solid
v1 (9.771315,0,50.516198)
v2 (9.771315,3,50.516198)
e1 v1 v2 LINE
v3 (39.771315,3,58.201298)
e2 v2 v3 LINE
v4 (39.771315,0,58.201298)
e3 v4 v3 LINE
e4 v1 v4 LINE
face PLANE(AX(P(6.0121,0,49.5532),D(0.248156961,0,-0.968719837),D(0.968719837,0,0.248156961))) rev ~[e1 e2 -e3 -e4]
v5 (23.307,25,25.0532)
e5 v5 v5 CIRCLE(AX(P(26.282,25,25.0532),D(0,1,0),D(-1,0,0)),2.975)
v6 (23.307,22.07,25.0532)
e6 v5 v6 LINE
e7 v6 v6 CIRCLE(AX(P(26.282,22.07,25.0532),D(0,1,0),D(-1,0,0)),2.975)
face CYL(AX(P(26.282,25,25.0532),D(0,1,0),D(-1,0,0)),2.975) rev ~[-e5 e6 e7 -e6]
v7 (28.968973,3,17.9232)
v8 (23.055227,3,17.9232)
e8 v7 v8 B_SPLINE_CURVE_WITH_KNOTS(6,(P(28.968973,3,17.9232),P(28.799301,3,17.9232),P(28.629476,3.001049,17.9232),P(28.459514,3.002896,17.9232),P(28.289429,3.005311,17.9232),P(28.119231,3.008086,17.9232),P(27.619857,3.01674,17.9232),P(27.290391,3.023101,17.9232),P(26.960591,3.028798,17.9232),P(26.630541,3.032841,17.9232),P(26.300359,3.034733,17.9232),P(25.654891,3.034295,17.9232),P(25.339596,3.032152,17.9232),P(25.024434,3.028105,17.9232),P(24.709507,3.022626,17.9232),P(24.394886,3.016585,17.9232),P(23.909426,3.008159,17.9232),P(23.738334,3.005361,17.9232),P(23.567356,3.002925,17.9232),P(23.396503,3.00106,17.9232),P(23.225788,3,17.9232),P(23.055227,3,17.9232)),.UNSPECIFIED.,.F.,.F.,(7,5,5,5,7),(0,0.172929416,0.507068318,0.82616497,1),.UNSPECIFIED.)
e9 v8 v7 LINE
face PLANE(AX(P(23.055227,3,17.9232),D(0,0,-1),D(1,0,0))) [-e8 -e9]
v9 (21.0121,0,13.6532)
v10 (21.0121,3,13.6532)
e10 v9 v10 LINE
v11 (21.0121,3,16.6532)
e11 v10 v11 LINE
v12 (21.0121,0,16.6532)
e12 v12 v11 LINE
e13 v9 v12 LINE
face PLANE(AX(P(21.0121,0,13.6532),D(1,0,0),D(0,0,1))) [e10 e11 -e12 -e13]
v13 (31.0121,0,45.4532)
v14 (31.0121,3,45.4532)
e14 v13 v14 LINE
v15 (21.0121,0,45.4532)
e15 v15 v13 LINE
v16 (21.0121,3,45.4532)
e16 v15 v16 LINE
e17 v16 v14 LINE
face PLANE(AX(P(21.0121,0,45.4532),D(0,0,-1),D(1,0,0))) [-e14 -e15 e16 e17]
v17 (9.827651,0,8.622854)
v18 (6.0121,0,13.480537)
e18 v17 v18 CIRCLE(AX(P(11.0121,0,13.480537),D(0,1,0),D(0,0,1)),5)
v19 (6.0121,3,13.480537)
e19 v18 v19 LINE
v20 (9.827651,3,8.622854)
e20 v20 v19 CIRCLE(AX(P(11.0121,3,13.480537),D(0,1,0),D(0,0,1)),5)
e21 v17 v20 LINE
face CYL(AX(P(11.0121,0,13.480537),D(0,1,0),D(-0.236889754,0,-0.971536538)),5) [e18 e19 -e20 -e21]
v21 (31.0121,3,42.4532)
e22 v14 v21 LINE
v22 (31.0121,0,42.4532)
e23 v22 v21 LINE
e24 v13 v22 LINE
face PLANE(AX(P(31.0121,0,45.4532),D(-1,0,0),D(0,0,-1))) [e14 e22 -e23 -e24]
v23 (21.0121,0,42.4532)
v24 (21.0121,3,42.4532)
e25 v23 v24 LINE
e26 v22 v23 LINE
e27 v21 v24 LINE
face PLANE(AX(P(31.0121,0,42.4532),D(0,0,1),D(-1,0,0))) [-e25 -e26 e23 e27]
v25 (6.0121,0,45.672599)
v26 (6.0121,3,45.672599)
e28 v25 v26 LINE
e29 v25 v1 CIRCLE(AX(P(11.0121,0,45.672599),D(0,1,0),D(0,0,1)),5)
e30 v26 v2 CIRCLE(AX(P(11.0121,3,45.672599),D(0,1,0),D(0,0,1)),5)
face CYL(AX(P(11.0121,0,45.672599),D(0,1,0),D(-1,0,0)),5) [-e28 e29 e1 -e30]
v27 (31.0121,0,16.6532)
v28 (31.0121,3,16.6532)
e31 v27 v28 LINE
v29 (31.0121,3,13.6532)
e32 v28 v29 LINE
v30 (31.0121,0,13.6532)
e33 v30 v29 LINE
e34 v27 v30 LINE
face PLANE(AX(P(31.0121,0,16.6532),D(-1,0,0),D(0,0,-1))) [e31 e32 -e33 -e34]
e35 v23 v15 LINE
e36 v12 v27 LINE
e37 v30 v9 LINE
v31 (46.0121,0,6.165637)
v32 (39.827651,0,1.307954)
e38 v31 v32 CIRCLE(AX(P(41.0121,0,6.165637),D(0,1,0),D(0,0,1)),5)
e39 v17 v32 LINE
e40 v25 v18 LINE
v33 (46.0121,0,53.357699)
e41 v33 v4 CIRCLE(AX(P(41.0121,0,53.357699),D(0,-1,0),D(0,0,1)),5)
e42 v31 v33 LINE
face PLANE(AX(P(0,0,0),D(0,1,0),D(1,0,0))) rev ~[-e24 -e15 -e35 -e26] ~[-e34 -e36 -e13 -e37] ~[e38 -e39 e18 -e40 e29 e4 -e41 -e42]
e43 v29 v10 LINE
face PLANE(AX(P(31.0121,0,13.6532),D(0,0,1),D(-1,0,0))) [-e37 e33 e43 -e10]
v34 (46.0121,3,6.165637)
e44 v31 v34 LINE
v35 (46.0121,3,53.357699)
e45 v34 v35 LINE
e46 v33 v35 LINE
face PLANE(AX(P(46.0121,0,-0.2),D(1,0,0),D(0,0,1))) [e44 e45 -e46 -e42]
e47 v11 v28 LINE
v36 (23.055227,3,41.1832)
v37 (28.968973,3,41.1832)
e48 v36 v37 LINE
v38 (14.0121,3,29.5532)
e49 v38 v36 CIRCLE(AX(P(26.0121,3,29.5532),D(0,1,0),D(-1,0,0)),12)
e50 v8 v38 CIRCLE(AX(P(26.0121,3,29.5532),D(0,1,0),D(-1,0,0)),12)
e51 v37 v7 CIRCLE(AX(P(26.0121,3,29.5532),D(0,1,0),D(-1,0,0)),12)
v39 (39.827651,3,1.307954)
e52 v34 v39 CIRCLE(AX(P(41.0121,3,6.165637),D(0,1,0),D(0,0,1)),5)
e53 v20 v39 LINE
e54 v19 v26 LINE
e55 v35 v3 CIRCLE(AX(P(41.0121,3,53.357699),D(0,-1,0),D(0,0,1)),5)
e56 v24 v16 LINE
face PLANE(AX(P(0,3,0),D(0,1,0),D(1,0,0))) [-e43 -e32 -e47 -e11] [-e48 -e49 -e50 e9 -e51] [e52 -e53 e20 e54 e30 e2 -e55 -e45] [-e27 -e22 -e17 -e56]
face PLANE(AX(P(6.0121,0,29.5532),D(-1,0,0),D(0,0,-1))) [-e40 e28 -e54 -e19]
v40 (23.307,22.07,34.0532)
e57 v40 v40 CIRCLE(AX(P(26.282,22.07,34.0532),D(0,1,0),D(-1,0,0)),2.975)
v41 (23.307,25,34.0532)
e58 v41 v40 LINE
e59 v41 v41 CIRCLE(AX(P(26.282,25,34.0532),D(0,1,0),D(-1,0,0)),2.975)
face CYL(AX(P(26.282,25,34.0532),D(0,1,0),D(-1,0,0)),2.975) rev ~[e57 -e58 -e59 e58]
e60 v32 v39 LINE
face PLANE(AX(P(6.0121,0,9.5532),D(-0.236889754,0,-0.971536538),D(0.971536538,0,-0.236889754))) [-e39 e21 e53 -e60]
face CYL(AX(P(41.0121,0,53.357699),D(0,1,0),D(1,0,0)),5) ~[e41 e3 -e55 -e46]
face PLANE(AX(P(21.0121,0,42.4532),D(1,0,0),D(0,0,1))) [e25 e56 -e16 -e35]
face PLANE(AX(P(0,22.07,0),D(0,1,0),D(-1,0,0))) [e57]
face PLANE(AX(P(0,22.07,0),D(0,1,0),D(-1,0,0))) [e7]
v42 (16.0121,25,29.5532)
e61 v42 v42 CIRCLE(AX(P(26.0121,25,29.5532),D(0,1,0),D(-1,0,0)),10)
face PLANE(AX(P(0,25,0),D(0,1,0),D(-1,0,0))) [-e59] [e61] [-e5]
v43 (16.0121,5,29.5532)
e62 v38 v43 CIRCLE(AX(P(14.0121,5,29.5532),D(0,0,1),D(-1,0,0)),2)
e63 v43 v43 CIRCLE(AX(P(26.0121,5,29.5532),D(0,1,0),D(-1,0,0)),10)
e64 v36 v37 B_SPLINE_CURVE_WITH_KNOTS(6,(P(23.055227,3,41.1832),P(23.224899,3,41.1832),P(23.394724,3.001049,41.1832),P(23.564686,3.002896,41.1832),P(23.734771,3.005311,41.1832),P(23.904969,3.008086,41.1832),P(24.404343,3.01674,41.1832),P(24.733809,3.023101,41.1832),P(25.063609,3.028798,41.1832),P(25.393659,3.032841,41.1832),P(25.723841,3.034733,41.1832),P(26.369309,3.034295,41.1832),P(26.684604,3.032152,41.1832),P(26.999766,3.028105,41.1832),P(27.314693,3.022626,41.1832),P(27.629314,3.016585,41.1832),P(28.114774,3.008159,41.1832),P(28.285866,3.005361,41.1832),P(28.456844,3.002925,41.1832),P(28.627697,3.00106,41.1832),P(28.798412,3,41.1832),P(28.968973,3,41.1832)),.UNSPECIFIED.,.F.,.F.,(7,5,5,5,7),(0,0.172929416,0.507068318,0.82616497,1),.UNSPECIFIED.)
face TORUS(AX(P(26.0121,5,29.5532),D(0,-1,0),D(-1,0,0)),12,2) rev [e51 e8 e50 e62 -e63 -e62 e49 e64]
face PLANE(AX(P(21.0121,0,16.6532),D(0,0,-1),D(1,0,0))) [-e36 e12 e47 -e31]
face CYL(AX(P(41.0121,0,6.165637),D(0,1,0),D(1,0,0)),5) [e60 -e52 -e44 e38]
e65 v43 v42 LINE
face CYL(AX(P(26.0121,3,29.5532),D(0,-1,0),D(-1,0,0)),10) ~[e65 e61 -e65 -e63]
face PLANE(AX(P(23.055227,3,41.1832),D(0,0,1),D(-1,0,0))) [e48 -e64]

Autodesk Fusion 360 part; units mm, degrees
sketch "Sketch1" plane through (0, 0, 0) normal (0, 1, 0) x (1, 0, 0)
  line L0 (46.0121, 0.2) -> (46.0121, -59.8)
  line L1 (6.0121, -29.5532) -> (6.0121, -9.5532)
  line L2 (6.0121, -29.5532) -> (6.0121, -49.5532)
  line L3 (6.0121, -9.5532) -> (46.0121, 0.2)
  line L4 (6.0121, -49.5532) -> (46.0121, -59.8)
  line L5 (31.0121, -13.6532) -> (21.0121, -13.6532)
  line L6 (21.0121, -13.6532) -> (21.0121, -16.6532)
  line L7 (21.0121, -16.6532) -> (31.0121, -16.6532)
  line L8 (31.0121, -16.6532) -> (31.0121, -13.6532)
  line L9 (31.0121, -42.4532) -> (21.0121, -42.4532)
  line L10 (21.0121, -42.4532) -> (21.0121, -45.4532)
  line L11 (21.0121, -45.4532) -> (31.0121, -45.4532)
  line L12 (31.0121, -45.4532) -> (31.0121, -42.4532)
  point P0 (26.0121, -15.0532)
  point P1 (25.8317, -44.4989)
  dimension "d1" = 60
  dimension "d6" = 20
  dimension "d7" = 20
  dimension "d9" = 40
  dimension "d10" = 40
  dimension "d11" = 20
  dimension "d12" = 14.5
  dimension "d13" = 10
  dimension "d14" = 3
  dimension "d15" = 10
  dimension "d16" = 3
  dimension "d19" = 12.9
  dimension "d20" = 12.9
  dimension "d21" = 25.8
  dimension "d22" = 15
  dimension "d23" = 15
extrude "Extrude1" add sketch "Sketch1" along normal blind 3
sketch "Sketch2" plane through (0, 3, 0) normal (0, 1, 0) x (-1, 0, 0)
  line L0 (-31.0121, 42.4532) -> (-31.0121, 45.4532)
  line L1 (-31.0121, 45.4532) -> (-21.0121, 45.4532)
  line L2 (-21.0121, 45.4532) -> (-21.0121, 42.4532)
  line L3 (-21.0121, 42.4532) -> (-31.0121, 42.4532)
  line L4 (-31.0121, 13.6532) -> (-31.0121, 16.6532)
  line L5 (-31.0121, 16.6532) -> (-21.0121, 16.6532)
  line L6 (-21.0121, 16.6532) -> (-21.0121, 13.6532)
  line L7 (-21.0121, 13.6532) -> (-31.0121, 13.6532)
  line L8 (-6.0121, 9.5532) -> (-6.0121, 49.5532)
  line L9 (-6.0121, 49.5532) -> (-46.0121, 59.8)
  line L10 (-46.0121, 59.8) -> (-46.0121, -0.2)
  line L11 (-46.0121, -0.2) -> (-6.0121, 9.5532)
  circle A0 centre (-26.0121, 29.5532) radius 10
  point P0 (-26.0121, 29.5532)
  dimension "d38" = 12.9
  dimension "d39" = 12.9
  dimension "d42" = 20
extrude "Extrude2" add sketch "Sketch2" along normal blind 22 contours A0
sketch "Sketch3" plane through (0, 25, 0) normal (0, 1, 0) x (-1, 0, 0)
  line L0 (-28.0121, 38.7532) -> (-24.0121, 38.7532)
  line L1 (-24.0121, 38.7532) -> (-24.0121, 20.7532)
  line L2 (-24.0121, 20.7532) -> (-28.0121, 20.7532)
  line L3 (-28.0121, 20.7532) -> (-28.0121, 38.7532)
  line L4 (-28.0121, 38.7532) -> (-24.0121, 20.7532) construction
  line L5 (-24.0121, 38.7532) -> (-28.0121, 20.7532) construction
  circle A0 centre (-26.0121, 29.5532) radius 10
  point P0 (-26.0121, 29.7532)
  dimension "d28" = 18
fillet "Fillet4" radius 2 1 edges at (35.3354, 3, 33.1694)
fillet "Fillet3" radius 5 4 edges at (6.0121, 1.5, 9.5532) (6.0121, 1.5, 49.5532) (46.0121, 1.5, 59.8) (46.0121, 1.5, -0.2)
sketch "Sketch5" plane through (0, 25, 0) normal (0, 1, 0) x (-1, 0, 0)
  circle A0 centre (-26.0121, 29.5532) radius 10
  circle A1 centre (-26.282, 34.0532) radius 2.975
  circle A2 centre (-26.282, 25.0532) radius 2.975
  dimension "d48" = 5.95
  dimension "d49" = 5.95
  dimension "d50" = 4.5
  dimension "d51" = 4.5
extrude "Extrude5" cut sketch "Sketch5" against normal blind 2.93 contours A1 | A2
sketch "Sketch6" plane through (0, 3, 0) normal (0, 1, 0) x (-1, 0, 0)
  arc A0 (-46.0121, 6.1656) -> (-39.8276, 1.308) centre (-41.0121, 6.1656) ccw
  line L0 (-39.8276, 1.308) -> (-9.8276, 8.6229)
  arc A1 (-9.8276, 8.6229) -> (-6.0121, 13.4806) centre (-11.0121, 13.4806) ccw
  line L1 (-6.0121, 13.4806) -> (-6.0121, 45.6726)
  arc A2 (-6.0121, 45.6726) -> (-9.7713, 50.5162) centre (-11.0121, 45.6726) ccw
  line L2 (-9.7713, 50.5162) -> (-39.7713, 58.2013)
  arc A3 (-39.7713, 58.2013) -> (-46.0121, 53.3577) centre (-41.0121, 53.3577) ccw
  line L3 (-46.0121, 53.3577) -> (-46.0121, 6.1656)
  line L4 (-31.0121, 42.4532) -> (-31.0121, 45.4532)
  line L5 (-31.0121, 45.4532) -> (-21.0121, 45.4532)
  line L6 (-21.0121, 45.4532) -> (-21.0121, 42.4532)
  line L7 (-21.0121, 42.4532) -> (-31.0121, 42.4532)
  line L8 (-31.0121, 13.6532) -> (-31.0121, 16.6532)
  line L9 (-31.0121, 16.6532) -> (-21.0121, 16.6532)
  line L10 (-21.0121, 16.6532) -> (-21.0121, 13.6532)
  line L11 (-21.0121, 13.6532) -> (-31.0121, 13.6532)
  circle A4 centre (-26.0121, 29.5532) radius 12
  line L12 (-21.0121, 17.9232) -> (-31.0121, 17.9232)
  line L13 (-31.0121, 17.9232) -> (-31.0121, 12.3832)
  line L14 (-31.0121, 12.3832) -> (-21.0121, 12.3832)
  line L15 (-21.0121, 12.3832) -> (-21.0121, 17.9232)
  line L16 (-21.0121, 17.9232) -> (-31.0121, 12.3832) construction
  line L17 (-31.0121, 17.9232) -> (-21.0121, 12.3832) construction
  line L18 (-31.0121, 41.1832) -> (-21.0121, 41.1832)
  line L19 (-21.0121, 41.1832) -> (-21.0121, 46.7232)
  line L20 (-21.0121, 46.7232) -> (-31.0121, 46.7232)
  line L21 (-31.0121, 46.7232) -> (-31.0121, 41.1832)
  line L22 (-31.0121, 41.1832) -> (-21.0121, 46.7232) construction
  line L23 (-21.0121, 41.1832) -> (-31.0121, 46.7232) construction
  point P0 (-26.0121, 15.1532)
  point P1 (-26.0121, 43.9532)
  dimension "d52" = 10
  dimension "d53" = 5.54
  dimension "d54" = 5.54
extrude "Extrude6" cut sketch "Sketch6" along normal blind 11 contours L7 A4 L18 L19 L21 | A4 L18 | A4 L12 | L9 A4 L12 L13 L15
equation "d12 = ( 29 / 2 ) * 1 mm"
equation "d26 = 37 mm - 10 mm - 5 mm"
